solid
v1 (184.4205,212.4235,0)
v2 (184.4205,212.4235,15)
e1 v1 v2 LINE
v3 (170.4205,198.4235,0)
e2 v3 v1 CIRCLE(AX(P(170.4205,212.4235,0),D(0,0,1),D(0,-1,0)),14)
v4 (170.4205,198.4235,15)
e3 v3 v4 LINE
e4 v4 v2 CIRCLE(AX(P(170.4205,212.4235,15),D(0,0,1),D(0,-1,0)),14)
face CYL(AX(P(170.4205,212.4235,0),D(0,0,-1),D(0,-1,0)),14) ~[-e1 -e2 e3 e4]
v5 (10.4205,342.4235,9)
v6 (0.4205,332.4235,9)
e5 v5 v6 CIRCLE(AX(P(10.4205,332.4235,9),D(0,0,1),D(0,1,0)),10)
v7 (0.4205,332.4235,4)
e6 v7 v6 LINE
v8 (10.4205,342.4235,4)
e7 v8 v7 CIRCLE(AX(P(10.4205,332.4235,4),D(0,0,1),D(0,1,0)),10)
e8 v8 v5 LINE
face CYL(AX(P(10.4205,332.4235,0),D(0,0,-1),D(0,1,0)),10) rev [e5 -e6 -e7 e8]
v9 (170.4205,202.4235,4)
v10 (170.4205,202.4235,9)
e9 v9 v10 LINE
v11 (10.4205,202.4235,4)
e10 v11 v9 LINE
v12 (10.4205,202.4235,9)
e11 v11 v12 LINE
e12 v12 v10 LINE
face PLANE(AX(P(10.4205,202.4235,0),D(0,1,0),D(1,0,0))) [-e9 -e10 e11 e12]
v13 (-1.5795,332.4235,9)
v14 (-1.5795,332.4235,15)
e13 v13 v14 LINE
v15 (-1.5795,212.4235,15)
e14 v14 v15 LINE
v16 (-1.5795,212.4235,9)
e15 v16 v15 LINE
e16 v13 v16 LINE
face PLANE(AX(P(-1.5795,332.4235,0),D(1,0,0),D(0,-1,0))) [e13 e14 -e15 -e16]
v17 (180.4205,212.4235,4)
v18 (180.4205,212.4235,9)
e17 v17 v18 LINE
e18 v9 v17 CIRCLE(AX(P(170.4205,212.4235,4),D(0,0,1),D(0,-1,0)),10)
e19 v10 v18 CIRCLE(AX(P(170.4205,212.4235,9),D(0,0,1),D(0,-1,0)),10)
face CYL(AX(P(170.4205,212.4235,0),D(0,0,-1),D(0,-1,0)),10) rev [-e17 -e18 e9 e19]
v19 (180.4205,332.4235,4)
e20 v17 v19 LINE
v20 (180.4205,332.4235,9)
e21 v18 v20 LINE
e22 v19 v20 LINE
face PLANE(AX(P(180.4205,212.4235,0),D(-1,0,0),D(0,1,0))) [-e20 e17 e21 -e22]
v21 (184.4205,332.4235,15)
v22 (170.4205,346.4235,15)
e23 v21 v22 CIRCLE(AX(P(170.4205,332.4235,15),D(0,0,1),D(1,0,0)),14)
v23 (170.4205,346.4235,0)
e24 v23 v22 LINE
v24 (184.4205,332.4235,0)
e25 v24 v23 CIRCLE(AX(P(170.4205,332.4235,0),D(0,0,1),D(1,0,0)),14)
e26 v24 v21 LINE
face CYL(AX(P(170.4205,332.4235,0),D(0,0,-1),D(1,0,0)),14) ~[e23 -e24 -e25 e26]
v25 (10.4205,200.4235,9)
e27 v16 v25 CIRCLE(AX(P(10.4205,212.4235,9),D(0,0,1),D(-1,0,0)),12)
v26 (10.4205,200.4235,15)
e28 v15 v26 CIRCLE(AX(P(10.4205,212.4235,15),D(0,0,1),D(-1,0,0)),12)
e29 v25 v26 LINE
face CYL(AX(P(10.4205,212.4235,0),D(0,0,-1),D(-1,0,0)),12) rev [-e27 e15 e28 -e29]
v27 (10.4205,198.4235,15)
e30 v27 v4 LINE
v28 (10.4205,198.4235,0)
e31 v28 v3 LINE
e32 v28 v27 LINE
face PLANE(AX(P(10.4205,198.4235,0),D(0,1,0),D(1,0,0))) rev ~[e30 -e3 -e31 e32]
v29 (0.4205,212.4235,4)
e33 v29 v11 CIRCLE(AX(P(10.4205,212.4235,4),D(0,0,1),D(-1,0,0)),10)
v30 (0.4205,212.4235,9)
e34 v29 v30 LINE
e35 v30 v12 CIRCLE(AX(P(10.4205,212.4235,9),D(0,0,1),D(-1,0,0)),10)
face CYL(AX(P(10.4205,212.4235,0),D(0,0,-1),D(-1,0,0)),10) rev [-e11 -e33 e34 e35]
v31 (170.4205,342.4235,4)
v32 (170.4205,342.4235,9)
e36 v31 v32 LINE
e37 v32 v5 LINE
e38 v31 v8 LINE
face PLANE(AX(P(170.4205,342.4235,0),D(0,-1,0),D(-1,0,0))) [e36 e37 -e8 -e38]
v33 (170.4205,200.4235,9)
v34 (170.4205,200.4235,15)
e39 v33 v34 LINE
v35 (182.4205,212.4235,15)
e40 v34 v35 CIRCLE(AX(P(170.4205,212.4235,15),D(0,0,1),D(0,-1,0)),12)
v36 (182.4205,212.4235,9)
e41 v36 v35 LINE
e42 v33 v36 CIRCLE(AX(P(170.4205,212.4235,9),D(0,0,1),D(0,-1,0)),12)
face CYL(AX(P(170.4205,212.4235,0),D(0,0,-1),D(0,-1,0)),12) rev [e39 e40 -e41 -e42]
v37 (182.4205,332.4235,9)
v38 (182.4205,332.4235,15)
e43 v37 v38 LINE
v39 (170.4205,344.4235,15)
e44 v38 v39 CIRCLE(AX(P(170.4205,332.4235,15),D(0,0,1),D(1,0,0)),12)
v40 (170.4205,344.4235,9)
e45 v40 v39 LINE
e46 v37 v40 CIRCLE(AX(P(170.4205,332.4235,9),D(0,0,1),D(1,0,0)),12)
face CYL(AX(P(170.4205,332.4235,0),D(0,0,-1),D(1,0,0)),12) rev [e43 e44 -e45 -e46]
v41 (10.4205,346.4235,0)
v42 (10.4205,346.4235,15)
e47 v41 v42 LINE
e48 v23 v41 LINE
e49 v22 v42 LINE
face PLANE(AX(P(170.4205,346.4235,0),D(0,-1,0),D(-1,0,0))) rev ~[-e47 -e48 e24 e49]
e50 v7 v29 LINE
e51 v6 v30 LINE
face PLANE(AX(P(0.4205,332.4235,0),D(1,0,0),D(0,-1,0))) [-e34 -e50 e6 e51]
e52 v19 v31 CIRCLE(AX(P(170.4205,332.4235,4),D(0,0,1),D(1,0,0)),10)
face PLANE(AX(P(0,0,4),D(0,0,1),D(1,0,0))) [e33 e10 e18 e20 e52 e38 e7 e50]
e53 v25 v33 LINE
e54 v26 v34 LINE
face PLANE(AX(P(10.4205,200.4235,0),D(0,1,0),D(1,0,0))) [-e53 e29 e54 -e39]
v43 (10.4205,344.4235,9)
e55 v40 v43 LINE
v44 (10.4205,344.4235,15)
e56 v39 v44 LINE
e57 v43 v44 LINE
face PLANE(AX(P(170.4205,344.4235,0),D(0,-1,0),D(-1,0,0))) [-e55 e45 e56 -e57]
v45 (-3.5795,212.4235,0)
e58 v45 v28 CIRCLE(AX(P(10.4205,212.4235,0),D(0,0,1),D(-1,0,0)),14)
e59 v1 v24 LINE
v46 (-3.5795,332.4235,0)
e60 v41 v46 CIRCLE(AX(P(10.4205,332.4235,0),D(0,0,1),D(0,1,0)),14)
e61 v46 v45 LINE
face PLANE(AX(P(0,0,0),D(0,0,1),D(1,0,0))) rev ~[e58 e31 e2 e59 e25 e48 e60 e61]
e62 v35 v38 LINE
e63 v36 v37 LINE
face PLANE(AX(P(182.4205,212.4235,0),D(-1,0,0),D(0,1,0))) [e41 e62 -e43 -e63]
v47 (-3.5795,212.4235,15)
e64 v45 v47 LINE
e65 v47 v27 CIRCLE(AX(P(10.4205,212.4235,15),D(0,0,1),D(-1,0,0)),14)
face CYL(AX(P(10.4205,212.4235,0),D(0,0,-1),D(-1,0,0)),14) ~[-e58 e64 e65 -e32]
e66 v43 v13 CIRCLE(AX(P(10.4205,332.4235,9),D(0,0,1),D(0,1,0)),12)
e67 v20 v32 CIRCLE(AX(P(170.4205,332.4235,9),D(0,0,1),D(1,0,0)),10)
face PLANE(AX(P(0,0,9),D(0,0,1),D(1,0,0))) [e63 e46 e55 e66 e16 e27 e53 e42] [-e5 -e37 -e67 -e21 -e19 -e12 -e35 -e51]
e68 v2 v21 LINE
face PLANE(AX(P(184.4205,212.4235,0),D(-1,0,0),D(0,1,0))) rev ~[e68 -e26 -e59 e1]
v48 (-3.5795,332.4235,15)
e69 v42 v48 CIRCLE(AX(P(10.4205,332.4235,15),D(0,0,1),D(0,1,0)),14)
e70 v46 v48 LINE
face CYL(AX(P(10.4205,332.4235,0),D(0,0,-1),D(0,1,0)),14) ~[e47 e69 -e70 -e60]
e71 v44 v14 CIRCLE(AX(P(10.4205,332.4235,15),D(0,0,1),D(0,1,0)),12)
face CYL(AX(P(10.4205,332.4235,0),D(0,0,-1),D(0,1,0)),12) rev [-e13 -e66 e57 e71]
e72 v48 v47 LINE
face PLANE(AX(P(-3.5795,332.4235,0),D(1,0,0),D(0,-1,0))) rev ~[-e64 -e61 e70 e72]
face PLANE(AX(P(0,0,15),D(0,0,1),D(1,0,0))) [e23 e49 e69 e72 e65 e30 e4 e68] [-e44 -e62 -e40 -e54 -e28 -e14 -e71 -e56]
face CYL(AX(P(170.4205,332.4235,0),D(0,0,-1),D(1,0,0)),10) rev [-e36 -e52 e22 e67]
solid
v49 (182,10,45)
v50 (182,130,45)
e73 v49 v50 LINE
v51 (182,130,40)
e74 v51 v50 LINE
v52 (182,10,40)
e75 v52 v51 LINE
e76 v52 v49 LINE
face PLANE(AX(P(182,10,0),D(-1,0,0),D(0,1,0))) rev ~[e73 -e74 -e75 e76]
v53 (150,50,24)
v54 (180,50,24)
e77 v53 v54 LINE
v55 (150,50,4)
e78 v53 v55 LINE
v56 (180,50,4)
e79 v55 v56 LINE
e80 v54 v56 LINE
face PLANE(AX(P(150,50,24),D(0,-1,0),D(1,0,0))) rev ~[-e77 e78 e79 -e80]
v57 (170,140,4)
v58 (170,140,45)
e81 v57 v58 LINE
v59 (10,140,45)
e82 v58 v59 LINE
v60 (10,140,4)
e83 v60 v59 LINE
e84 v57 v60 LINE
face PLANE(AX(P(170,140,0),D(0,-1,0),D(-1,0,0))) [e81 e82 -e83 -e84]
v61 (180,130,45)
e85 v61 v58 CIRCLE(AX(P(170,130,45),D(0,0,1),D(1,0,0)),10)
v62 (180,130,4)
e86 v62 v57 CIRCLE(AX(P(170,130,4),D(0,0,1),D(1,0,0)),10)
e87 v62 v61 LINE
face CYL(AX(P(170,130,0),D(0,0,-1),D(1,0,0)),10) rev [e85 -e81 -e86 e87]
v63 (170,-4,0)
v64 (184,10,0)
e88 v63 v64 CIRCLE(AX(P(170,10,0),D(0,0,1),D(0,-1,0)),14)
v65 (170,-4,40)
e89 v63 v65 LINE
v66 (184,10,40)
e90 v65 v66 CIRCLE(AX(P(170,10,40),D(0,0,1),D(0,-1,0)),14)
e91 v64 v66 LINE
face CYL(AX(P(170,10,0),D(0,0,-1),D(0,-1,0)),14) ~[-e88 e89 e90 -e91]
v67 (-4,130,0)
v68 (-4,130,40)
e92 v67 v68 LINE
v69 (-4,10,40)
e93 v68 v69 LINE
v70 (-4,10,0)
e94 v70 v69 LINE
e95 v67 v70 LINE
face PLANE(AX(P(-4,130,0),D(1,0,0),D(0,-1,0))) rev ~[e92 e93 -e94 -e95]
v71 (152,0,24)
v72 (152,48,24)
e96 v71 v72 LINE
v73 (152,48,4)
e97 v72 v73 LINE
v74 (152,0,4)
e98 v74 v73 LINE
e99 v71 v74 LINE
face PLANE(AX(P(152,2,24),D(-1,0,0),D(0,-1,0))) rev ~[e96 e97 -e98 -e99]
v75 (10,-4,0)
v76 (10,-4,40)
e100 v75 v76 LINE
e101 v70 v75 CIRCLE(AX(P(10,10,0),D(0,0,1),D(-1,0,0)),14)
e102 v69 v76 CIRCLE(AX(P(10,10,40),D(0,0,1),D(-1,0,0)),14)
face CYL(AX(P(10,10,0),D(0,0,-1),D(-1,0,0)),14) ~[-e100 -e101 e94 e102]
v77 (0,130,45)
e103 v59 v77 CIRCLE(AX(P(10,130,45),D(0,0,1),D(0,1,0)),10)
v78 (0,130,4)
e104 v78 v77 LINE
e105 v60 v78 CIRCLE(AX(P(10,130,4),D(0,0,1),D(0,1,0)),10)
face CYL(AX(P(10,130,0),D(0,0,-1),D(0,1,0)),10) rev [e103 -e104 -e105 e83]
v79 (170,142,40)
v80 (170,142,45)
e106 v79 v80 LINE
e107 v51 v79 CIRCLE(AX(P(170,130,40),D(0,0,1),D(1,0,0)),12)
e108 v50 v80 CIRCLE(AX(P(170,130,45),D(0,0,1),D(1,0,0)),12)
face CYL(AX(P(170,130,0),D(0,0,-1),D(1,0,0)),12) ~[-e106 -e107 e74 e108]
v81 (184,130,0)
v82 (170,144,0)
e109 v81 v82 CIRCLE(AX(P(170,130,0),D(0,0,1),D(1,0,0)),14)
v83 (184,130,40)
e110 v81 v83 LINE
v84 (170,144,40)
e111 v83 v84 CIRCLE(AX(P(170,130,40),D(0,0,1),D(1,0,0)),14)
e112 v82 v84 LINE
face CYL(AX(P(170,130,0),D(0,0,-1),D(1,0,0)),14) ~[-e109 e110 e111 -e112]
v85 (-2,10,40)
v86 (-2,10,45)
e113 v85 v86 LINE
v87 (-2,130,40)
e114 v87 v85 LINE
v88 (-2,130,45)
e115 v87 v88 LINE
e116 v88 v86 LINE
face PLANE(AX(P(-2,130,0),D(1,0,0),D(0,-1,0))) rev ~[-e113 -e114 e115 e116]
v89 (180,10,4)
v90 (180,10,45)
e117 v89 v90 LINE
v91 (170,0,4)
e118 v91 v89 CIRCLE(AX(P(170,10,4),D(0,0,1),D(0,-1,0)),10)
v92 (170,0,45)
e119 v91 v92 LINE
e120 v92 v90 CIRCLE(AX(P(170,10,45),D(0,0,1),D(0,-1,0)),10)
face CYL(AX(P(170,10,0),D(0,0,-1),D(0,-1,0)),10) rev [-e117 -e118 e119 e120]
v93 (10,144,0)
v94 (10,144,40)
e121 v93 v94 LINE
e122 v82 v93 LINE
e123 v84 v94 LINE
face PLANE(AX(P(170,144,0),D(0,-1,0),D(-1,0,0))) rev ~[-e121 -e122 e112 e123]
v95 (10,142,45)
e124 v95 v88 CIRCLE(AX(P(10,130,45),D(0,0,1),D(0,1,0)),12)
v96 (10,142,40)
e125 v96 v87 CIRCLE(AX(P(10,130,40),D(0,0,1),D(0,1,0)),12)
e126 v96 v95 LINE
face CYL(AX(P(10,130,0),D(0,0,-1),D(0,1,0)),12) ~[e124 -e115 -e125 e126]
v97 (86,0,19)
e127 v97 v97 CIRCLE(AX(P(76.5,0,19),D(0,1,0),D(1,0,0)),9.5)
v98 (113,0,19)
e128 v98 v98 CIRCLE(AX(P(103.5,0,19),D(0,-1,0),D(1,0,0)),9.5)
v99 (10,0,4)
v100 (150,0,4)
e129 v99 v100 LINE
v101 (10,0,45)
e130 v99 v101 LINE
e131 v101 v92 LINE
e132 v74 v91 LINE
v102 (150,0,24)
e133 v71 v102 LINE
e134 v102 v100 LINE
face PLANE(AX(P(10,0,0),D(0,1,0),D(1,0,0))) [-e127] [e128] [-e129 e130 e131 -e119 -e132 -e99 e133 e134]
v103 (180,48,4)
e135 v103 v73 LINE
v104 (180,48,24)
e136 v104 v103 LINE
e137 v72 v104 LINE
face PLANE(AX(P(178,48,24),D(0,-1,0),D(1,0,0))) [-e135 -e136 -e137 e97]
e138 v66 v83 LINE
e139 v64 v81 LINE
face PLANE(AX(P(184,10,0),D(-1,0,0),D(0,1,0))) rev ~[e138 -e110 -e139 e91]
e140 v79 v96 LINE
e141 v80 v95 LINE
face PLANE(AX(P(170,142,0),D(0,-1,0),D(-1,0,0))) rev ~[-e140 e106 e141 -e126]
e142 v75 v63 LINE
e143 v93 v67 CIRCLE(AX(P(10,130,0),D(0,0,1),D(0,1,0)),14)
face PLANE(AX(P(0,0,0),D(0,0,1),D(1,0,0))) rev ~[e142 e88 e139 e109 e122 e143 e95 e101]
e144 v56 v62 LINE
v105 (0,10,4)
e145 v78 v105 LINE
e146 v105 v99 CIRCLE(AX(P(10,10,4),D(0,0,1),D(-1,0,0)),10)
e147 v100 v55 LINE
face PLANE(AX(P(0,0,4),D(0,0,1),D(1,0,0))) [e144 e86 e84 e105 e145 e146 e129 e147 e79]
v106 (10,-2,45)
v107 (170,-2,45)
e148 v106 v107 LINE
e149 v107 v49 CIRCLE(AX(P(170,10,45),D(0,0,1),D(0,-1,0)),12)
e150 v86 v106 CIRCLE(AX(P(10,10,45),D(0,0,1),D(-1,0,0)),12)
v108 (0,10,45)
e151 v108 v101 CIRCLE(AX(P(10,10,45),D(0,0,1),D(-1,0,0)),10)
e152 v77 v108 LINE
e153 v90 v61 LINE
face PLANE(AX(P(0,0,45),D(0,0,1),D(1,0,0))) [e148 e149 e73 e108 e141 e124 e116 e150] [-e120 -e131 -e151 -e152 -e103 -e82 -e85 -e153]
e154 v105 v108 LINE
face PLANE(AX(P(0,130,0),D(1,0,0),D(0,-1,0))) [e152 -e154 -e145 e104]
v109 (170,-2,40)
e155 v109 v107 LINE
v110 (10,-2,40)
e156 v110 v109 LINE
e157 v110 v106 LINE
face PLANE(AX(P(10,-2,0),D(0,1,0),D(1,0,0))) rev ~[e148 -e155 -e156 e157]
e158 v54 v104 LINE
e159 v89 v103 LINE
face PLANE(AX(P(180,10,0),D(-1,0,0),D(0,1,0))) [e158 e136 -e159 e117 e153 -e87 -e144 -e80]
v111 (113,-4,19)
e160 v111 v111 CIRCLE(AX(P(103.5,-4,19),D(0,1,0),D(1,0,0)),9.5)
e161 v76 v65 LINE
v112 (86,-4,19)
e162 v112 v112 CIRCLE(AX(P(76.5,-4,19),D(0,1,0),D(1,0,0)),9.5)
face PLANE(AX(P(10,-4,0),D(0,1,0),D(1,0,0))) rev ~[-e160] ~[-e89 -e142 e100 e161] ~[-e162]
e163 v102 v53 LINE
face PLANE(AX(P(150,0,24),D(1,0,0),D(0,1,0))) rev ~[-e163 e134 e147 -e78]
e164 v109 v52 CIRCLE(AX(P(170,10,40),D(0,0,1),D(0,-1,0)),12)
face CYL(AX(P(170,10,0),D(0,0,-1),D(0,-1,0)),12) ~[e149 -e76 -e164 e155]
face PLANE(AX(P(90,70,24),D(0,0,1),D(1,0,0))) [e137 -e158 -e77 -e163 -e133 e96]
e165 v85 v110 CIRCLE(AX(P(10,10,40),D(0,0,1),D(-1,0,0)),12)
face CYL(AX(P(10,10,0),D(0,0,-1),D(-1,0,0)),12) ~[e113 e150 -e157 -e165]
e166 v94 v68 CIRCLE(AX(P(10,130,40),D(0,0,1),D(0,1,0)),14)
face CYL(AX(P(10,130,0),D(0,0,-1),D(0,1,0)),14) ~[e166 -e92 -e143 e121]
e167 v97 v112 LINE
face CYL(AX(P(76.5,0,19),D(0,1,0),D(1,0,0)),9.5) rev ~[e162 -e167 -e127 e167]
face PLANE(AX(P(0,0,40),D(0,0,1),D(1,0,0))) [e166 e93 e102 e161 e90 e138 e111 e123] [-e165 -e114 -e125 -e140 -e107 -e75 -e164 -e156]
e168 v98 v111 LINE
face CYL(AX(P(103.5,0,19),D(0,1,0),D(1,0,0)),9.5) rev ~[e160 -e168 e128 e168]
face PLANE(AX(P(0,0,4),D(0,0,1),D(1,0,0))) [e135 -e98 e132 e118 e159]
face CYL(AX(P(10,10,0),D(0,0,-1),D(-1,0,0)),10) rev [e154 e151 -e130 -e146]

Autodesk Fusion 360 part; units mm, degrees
sketch "Sketch1" plane through (0, 0, 0) normal (0, 0, 1) x (1, 0, 0)
  line L0 (10, 0) -> (170, 0)
  line L1 (180, 10) -> (180, 130)
  line L2 (170, 140) -> (10, 140)
  line L3 (0, 130) -> (0, 10)
  arc A0 (10, 140) -> (0, 130) centre (10, 130) ccw
  arc A1 (0, 10) -> (10, 0) centre (10, 10) ccw
  arc A2 (170, 0) -> (180, 10) centre (170, 10) ccw
  arc A3 (180, 130) -> (170, 140) centre (170, 130) ccw
  arc A4 (180, 130) -> (170, 140) centre (170, 130) ccw
  arc A5 (170, 0) -> (180, 10) centre (170, 10) ccw
  line L4 (-4, 130) -> (-4, 10)
  arc A6 (-4, 10) -> (10, -4) centre (10, 10) ccw
  line L5 (10, -4) -> (170, -4)
  arc A7 (170, -4) -> (184, 10) centre (170, 10) ccw
  line L6 (184, 10) -> (184, 130)
  arc A8 (184, 130) -> (170, 144) centre (170, 130) ccw
  line L7 (170, 144) -> (10, 144)
  arc A9 (10, 144) -> (-4, 130) centre (10, 130) ccw
  line L8 (-2, 130) -> (-2, 10)
  arc A10 (-2, 10) -> (10, -2) centre (10, 10) ccw
  line L9 (10, -2) -> (170, -2)
  arc A11 (170, -2) -> (182, 10) centre (170, 10) ccw
  line L10 (182, 10) -> (182, 130)
  arc A12 (182, 130) -> (170, 142) centre (170, 130) ccw
  line L11 (170, 142) -> (10, 142)
  arc A13 (10, 142) -> (-2, 130) centre (10, 130) ccw
  arc A14 (10, 142) -> (-2, 130) centre (10, 130) ccw
  arc A15 (170, -2) -> (182, 10) centre (170, 10) ccw
  line L12 (0, 130) -> (0, 10)
  line L13 (10, -4) -> (170, -4)
  arc A16 (170, 0) -> (180, 10) centre (170, 10) ccw
  line L14 (-4, 130) -> (-4, 10)
  line L15 (170, 144) -> (10, 144)
  arc A17 (184, 130) -> (170, 144) centre (170, 130) ccw
  arc A18 (10, 144) -> (-4, 130) centre (10, 130) ccw
  line L16 (10, 0) -> (170, 0)
  line L17 (-2, 130) -> (-2, 10)
  arc A19 (182, 130) -> (170, 142) centre (170, 130) ccw
  arc A20 (180, 130) -> (170, 140) centre (170, 130) ccw
  arc A21 (0, 10) -> (10, 0) centre (10, 10) ccw
  line L18 (10, -2) -> (170, -2)
  line L19 (170, 140) -> (10, 140)
  arc A22 (170, -4) -> (184, 10) centre (170, 10) ccw
  line L20 (170, 142) -> (10, 142)
  line L21 (180, 10) -> (180, 130)
  line L22 (182, 10) -> (182, 130)
  arc A23 (180, 130) -> (170, 140) centre (170, 130) ccw
  line L23 (184, 10) -> (184, 130)
  arc A24 (-4, 10) -> (10, -4) centre (10, 10) ccw
  arc A25 (10, 140) -> (0, 130) centre (10, 130) ccw
  arc A26 (170, 0) -> (180, 10) centre (170, 10) ccw
  arc A27 (-2, 10) -> (10, -2) centre (10, 10) ccw
  arc A28 (10.4205, 344.4235) -> (-1.5795, 332.4235) centre (10.4205, 332.4235) ccw
  arc A29 (170.4205, 200.4235) -> (182.4205, 212.4235) centre (170.4205, 212.4235) ccw
  line L24 (0.4205, 332.4235) -> (0.4205, 212.4235)
  line L25 (10.4205, 198.4235) -> (170.4205, 198.4235)
  arc A30 (170.4205, 202.4235) -> (180.4205, 212.4235) centre (170.4205, 212.4235) ccw
  line L26 (-3.5795, 332.4235) -> (-3.5795, 212.4235)
  line L27 (170.4205, 346.4235) -> (10.4205, 346.4235)
  arc A31 (184.4205, 332.4235) -> (170.4205, 346.4235) centre (170.4205, 332.4235) ccw
  arc A32 (10.4205, 346.4235) -> (-3.5795, 332.4235) centre (10.4205, 332.4235) ccw
  line L28 (10.4205, 202.4235) -> (170.4205, 202.4235)
  line L29 (-1.5795, 332.4235) -> (-1.5795, 212.4235)
  arc A33 (182.4205, 332.4235) -> (170.4205, 344.4235) centre (170.4205, 332.4235) ccw
  arc A34 (180.4205, 332.4235) -> (170.4205, 342.4235) centre (170.4205, 332.4235) ccw
  arc A35 (0.4205, 212.4235) -> (10.4205, 202.4235) centre (10.4205, 212.4235) ccw
  line L30 (10.4205, 200.4235) -> (170.4205, 200.4235)
  line L31 (170.4205, 342.4235) -> (10.4205, 342.4235)
  arc A36 (170.4205, 198.4235) -> (184.4205, 212.4235) centre (170.4205, 212.4235) ccw
  line L32 (170.4205, 344.4235) -> (10.4205, 344.4235)
  line L33 (180.4205, 212.4235) -> (180.4205, 332.4235)
  line L34 (182.4205, 212.4235) -> (182.4205, 332.4235)
  arc A37 (180.4205, 332.4235) -> (170.4205, 342.4235) centre (170.4205, 332.4235) ccw
  line L35 (184.4205, 212.4235) -> (184.4205, 332.4235)
  arc A38 (-3.5795, 212.4235) -> (10.4205, 198.4235) centre (10.4205, 212.4235) ccw
  arc A39 (10.4205, 342.4235) -> (0.4205, 332.4235) centre (10.4205, 332.4235) ccw
  arc A40 (170.4205, 202.4235) -> (180.4205, 212.4235) centre (170.4205, 212.4235) ccw
  arc A41 (-1.5795, 212.4235) -> (10.4205, 200.4235) centre (10.4205, 212.4235) ccw
  point P0 (180, 0)
  point P1 (180, 140)
  point P2 (0, 140)
  point P3 (180, 140)
  point P4 (0, 140)
  point P5 (180, 0)
  point P6 (180.4205, 342.4235)
  point P7 (0.4205, 342.4235)
  point P8 (0.4205, 202.4235)
  point P9 (180.4205, 202.4235)
  dimension "d1" = 140
  dimension "d2" = 180
  dimension "d3" = 10
  dimension "d4" = 4
  dimension "d5" = 2
  dimension "d6" = 4
  dimension "d7" = 2
  dimension "d8" = 140
  dimension "d9" = 180
  dimension "d10" = 10
  dimension "d11" = 4
  dimension "d12" = 2
  dimension "d13" = 140
  dimension "d14" = 180
  dimension "d15" = 10
extrude "Extrude1" add sketch "Sketch1" along normal blind 4 contours L0 L1 L2 L3 A0 A1 A2 A3 A4 A5 L12 A16 L16 A20 A21 L19 L21 A23 A25 A26 | L24 A30 L28 A34 A35 L31 L33 A37 A39 A40 makes body 1 at (63.3333, 93.3333, 0) makes body 2 at (117.0871, 249.0901, 0)
extrude "Extrude2" add sketch "Sketch1" along normal blind 45 contours L8 A10 L9 A11 L10 A12 L11 A13 A14 A15 L17 A19 L18 L20 L22 A27 bodies 1
extrude "Extrude3" add sketch "Sketch1" along normal blind 40 contours L4 A6 L5 A7 L6 A8 L7 A9 L13 L14 L15 A17 A18 A22 L23 A24 bodies 1
extrude "Extrude4" add sketch "Sketch1" along normal blind 9 contours A28 A29 L29 A33 L30 L32 L34 A41 bodies 2
extrude "Extrude5" add sketch "Sketch1" along normal blind 15 contours L25 L26 L27 A31 A32 A36 L35 A38 bodies 2
sketch "Sketch2" plane through (0, 0, 0) normal (0, 1, 0) x (1, 0, 0)
  line L0 (10, -40) -> (170, -40) construction
  line L1 (90, -40) -> (90, -4) construction
  line L2 (90, -4) -> (90, -19) construction
  line L3 (76.5, -19) -> (103.5, -19)
  circle A0 centre (76.5, -19) radius 9.5
  circle A1 centre (103.5, -19) radius 9.5
  dimension "d27" = 15
  dimension "d28" = 27
  dimension "d29" = 19
  dimension "d30" = 19
extrude "Extrude6" cut sketch "Sketch2" against normal blind 4 bodies 1
sketch "Sketch3" plane through (0, 0, 0) normal (0, 0, 1) x (1, 0, 0)
  line L0 (103.6272, 0) -> (72.8355, 0)
  line L1 (72.8355, 0) -> (72.8355, 50)
  line L2 (72.8355, 50) -> (103.6272, 50)
  line L3 (103.6272, 50) -> (103.6272, 0)
  dimension "d33" = 50
ref_plane "WorkPlane1" through (90, 70, 24) normal (0, 0, 1) x (1, 0, 0)
sketch "Sketch4" plane through (90, 70, 24) normal (0, 0, 1) x (1, 0, 0)
  line L0 (90, -70) -> (60, -70)
  line L1 (60, -70) -> (60, -20)
  line L2 (60, -20) -> (90, -20)
  line L3 (90, -20) -> (90, -70)
  line L4 (62, -68) -> (62, -22)
  line L5 (62, -22) -> (88, -22)
  line L6 (88, -22) -> (90, -22)
  line L7 (62, -68) -> (62, -70)
  point P0 (90, -70)
  dimension "d35" = 30
  dimension "d36" = 50
extrude "Extrude7" add sketch "Sketch4" against normal blind 20 contours L0 L1 L2 L3 L4 L5 L6 L7 bodies 1
